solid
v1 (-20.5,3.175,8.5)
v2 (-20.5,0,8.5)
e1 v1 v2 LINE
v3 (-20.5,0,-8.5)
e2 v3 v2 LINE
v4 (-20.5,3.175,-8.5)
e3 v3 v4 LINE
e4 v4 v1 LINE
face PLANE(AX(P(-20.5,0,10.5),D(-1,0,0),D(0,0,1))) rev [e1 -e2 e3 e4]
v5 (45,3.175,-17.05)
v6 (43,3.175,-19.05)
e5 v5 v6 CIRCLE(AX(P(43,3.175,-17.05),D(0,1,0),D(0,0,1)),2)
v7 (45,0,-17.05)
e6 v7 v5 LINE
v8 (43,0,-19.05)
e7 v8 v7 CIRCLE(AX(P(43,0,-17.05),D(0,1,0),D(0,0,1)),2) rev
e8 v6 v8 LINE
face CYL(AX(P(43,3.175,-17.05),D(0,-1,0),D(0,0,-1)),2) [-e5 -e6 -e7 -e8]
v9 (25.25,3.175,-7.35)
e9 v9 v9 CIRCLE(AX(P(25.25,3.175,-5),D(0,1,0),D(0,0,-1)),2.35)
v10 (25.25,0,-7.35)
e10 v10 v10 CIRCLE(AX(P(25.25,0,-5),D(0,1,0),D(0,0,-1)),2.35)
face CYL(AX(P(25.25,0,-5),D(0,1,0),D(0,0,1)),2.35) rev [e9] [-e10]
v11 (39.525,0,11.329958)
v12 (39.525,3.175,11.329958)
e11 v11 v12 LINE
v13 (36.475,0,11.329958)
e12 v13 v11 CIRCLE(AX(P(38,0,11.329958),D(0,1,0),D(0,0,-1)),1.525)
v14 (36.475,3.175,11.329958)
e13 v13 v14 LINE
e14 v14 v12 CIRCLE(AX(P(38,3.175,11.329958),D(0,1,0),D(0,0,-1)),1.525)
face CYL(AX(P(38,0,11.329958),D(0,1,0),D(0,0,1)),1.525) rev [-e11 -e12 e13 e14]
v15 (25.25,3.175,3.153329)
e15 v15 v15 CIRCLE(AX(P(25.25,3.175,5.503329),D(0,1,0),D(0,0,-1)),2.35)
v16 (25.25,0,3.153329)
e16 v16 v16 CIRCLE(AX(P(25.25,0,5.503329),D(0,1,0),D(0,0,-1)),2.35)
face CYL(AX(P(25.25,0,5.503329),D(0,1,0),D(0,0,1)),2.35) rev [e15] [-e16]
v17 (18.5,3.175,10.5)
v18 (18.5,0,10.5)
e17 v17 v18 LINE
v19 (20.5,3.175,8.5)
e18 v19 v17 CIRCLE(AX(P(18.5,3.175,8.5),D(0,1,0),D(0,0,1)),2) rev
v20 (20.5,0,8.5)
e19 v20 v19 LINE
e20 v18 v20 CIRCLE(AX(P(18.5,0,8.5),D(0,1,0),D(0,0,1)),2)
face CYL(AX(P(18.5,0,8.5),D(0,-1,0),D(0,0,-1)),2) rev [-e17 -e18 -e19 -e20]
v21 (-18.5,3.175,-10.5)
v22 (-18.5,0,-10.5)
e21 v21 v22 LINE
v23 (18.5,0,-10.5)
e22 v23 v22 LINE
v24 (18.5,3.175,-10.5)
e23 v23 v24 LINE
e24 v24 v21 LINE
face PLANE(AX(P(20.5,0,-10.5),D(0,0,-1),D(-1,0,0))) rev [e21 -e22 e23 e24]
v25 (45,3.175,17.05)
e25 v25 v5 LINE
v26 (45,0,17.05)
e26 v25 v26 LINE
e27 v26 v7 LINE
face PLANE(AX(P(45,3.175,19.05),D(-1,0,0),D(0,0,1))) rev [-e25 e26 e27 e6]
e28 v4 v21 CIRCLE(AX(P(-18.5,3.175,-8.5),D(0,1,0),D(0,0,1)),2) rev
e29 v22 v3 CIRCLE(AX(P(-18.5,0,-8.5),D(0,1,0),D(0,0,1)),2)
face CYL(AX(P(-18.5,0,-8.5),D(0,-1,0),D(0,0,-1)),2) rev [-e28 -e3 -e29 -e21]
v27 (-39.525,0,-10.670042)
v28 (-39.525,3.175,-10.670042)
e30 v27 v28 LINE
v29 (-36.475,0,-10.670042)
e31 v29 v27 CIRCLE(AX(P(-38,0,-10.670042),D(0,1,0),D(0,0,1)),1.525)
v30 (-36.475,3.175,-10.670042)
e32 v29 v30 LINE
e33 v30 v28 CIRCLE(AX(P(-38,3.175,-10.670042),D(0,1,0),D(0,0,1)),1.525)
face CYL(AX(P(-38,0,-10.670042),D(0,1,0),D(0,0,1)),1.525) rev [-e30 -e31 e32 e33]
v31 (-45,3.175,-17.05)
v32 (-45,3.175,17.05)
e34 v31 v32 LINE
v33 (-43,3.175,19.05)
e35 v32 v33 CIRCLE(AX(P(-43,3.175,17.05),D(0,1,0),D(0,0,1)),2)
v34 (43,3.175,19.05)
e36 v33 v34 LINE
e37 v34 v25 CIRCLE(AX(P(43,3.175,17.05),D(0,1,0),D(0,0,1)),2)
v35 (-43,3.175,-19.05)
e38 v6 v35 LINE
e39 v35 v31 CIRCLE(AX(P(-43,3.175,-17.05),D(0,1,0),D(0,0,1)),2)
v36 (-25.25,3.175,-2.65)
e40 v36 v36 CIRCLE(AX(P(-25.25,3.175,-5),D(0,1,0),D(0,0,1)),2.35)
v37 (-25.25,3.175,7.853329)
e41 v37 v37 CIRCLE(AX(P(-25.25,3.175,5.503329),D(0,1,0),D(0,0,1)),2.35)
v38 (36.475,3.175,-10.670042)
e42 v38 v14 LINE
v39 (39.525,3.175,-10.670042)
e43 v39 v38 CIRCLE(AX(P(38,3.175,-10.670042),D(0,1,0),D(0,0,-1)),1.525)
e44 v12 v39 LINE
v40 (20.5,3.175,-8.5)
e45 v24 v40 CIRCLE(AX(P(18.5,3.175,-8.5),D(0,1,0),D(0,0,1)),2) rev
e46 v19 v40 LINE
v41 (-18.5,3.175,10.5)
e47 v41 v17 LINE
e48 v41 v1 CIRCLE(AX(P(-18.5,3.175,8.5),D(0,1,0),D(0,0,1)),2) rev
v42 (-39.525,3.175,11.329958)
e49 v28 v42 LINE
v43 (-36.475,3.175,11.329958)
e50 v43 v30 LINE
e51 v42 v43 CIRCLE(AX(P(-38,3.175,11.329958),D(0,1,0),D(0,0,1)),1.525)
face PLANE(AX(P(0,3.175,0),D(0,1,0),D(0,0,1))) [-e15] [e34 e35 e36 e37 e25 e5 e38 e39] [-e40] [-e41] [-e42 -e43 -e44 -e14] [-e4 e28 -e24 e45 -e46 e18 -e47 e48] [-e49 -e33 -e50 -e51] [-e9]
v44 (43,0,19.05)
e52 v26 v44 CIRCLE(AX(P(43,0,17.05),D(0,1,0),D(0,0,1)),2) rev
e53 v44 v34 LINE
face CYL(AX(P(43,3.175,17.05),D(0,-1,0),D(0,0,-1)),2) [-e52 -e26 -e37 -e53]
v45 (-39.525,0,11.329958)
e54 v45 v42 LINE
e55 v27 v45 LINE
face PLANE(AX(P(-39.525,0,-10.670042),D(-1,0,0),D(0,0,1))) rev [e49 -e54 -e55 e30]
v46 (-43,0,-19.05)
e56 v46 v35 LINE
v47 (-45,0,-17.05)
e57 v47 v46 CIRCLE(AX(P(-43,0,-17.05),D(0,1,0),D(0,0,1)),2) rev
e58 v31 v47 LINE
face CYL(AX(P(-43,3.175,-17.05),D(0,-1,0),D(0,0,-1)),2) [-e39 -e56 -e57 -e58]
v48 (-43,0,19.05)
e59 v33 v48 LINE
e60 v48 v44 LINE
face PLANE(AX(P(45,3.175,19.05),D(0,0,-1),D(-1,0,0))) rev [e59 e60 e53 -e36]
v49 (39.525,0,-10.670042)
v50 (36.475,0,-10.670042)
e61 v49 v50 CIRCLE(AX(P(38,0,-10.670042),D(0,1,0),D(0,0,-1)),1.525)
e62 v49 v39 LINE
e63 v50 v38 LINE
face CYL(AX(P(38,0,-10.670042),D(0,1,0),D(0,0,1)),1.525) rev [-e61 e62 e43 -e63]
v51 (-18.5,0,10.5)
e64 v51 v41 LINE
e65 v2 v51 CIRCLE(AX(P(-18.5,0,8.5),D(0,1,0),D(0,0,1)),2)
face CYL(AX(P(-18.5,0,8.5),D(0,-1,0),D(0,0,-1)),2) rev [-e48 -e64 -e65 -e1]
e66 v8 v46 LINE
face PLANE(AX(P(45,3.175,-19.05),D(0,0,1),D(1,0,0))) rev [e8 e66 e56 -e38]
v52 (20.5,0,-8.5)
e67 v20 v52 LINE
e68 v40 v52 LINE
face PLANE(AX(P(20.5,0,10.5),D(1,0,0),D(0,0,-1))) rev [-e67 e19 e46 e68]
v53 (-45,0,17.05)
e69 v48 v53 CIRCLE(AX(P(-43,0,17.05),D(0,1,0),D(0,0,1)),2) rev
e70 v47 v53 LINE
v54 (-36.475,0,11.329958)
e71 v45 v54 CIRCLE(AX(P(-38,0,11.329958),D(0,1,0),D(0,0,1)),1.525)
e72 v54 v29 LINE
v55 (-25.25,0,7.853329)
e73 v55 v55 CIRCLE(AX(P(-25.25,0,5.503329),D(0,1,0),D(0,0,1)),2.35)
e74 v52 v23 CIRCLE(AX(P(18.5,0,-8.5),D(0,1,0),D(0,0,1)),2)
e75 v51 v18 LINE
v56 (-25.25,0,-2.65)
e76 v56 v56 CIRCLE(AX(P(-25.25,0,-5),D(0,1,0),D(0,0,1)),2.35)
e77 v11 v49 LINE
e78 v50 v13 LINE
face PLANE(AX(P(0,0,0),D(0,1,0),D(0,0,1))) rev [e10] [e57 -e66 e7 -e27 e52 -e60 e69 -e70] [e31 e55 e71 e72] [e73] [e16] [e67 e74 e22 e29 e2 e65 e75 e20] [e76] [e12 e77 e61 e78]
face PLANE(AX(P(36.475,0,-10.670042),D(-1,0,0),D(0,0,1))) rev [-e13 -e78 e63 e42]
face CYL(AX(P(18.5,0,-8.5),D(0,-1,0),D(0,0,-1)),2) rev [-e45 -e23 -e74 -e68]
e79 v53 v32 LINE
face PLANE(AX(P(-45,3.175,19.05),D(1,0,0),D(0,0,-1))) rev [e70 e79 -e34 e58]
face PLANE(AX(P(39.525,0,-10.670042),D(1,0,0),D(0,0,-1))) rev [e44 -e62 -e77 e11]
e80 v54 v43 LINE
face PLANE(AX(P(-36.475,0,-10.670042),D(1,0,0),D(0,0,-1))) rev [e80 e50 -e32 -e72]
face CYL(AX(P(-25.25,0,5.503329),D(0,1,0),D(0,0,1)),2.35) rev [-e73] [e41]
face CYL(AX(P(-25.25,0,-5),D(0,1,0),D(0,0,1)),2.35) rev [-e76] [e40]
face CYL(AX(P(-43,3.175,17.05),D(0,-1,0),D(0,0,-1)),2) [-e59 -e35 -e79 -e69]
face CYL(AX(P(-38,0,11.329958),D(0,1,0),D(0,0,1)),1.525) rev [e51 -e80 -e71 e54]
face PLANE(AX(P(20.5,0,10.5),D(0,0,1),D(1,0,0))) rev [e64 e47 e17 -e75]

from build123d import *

# Parameters (mm, degrees)
SKETCH1_W           = 90
SKETCH1_H           = 38.1
BOSS_EXTRUDE1_DEPTH = 3.175
SKETCH2_R           = 2.35
SKETCH2_W           = 41
SKETCH2_H           = 21
CUT_EXTRUDE1_DEPTH  = 49.969205885
FILLET1_R           = 2
CUT_EXTRUDE2_DEPTH  = 49.969205885


with BuildPart() as part:
    # Sketch1 → Boss-Extrude1 (new body)
    with BuildSketch(Plane(origin=(0, 0, 0), x_dir=(1, 0, 0), z_dir=(0, 1, 0))):
        Rectangle(SKETCH1_W, SKETCH1_H)
    extrude(amount=BOSS_EXTRUDE1_DEPTH)

    # Sketch2 → Cut-Extrude1 (cut, through all)
    with BuildSketch(Plane(origin=(0, 3.175, 0), x_dir=(1, 0, 0), z_dir=(0, 1, 0))):
        with Locations(Location((-25.25, 5, 0), (0, 0, 270))):
            Circle(SKETCH2_R)
        with Locations(Location((-25.25, -5.503329438, 0), (0, 0, 270))):
            Circle(SKETCH2_R)
        with Locations(Location((25.25, 5, 0), (0, 0, 90))):
            Circle(SKETCH2_R)
        with Locations(Location((25.25, -5.503329438, 0), (0, 0, 90))):
            Circle(SKETCH2_R)
        Rectangle(SKETCH2_W, SKETCH2_H)
    extrude(amount=-CUT_EXTRUDE1_DEPTH, mode=Mode.SUBTRACT)

    # Fillet1
    fillet1_edges = [part.edges().sort_by_distance(p)[0] for p in [
        (-20.5, 1.5875, 10.5),
        (-20.5, 1.5875, -10.5),
        (20.5, 1.5875, -10.5),
        (20.5, 1.5875, 10.5),
        (-45, 1.5875, -19.05),
        (45, 1.5875, -19.05),
        (45, 1.5875, 19.05),
        (-45, 1.5875, 19.05),
    ]]
    fillet(fillet1_edges, radius=FILLET1_R)

    # Sketch3 → Cut-Extrude2 (cut, through all)
    with BuildSketch(Plane(origin=(0, 3.175, 0), x_dir=(1, 0, 0), z_dir=(0, 1, 0))):
        with BuildLine():
            Line((-36.475, 10.670041553), (-36.475, -11.329958447))
            ThreePointArc((-36.475, -11.329958447), (-38, -12.854958447), (-39.525, -11.329958447))
            Line((-39.525, -11.329958447), (-39.525, 10.670041553))
            ThreePointArc((-39.525, 10.670041553), (-38, 12.195041553), (-36.475, 10.670041553))
        make_face()
        with BuildLine():
            Line((36.475, 10.670041553), (36.475, -11.329958447))
            ThreePointArc((36.475, -11.329958447), (38, -12.854958447), (39.525, -11.329958447))
            Line((39.525, -11.329958447), (39.525, 10.670041553))
            ThreePointArc((39.525, 10.670041553), (38, 12.195041553), (36.475, 10.670041553))
        make_face()
    extrude(amount=-CUT_EXTRUDE2_DEPTH, mode=Mode.SUBTRACT)


solid = part.part
